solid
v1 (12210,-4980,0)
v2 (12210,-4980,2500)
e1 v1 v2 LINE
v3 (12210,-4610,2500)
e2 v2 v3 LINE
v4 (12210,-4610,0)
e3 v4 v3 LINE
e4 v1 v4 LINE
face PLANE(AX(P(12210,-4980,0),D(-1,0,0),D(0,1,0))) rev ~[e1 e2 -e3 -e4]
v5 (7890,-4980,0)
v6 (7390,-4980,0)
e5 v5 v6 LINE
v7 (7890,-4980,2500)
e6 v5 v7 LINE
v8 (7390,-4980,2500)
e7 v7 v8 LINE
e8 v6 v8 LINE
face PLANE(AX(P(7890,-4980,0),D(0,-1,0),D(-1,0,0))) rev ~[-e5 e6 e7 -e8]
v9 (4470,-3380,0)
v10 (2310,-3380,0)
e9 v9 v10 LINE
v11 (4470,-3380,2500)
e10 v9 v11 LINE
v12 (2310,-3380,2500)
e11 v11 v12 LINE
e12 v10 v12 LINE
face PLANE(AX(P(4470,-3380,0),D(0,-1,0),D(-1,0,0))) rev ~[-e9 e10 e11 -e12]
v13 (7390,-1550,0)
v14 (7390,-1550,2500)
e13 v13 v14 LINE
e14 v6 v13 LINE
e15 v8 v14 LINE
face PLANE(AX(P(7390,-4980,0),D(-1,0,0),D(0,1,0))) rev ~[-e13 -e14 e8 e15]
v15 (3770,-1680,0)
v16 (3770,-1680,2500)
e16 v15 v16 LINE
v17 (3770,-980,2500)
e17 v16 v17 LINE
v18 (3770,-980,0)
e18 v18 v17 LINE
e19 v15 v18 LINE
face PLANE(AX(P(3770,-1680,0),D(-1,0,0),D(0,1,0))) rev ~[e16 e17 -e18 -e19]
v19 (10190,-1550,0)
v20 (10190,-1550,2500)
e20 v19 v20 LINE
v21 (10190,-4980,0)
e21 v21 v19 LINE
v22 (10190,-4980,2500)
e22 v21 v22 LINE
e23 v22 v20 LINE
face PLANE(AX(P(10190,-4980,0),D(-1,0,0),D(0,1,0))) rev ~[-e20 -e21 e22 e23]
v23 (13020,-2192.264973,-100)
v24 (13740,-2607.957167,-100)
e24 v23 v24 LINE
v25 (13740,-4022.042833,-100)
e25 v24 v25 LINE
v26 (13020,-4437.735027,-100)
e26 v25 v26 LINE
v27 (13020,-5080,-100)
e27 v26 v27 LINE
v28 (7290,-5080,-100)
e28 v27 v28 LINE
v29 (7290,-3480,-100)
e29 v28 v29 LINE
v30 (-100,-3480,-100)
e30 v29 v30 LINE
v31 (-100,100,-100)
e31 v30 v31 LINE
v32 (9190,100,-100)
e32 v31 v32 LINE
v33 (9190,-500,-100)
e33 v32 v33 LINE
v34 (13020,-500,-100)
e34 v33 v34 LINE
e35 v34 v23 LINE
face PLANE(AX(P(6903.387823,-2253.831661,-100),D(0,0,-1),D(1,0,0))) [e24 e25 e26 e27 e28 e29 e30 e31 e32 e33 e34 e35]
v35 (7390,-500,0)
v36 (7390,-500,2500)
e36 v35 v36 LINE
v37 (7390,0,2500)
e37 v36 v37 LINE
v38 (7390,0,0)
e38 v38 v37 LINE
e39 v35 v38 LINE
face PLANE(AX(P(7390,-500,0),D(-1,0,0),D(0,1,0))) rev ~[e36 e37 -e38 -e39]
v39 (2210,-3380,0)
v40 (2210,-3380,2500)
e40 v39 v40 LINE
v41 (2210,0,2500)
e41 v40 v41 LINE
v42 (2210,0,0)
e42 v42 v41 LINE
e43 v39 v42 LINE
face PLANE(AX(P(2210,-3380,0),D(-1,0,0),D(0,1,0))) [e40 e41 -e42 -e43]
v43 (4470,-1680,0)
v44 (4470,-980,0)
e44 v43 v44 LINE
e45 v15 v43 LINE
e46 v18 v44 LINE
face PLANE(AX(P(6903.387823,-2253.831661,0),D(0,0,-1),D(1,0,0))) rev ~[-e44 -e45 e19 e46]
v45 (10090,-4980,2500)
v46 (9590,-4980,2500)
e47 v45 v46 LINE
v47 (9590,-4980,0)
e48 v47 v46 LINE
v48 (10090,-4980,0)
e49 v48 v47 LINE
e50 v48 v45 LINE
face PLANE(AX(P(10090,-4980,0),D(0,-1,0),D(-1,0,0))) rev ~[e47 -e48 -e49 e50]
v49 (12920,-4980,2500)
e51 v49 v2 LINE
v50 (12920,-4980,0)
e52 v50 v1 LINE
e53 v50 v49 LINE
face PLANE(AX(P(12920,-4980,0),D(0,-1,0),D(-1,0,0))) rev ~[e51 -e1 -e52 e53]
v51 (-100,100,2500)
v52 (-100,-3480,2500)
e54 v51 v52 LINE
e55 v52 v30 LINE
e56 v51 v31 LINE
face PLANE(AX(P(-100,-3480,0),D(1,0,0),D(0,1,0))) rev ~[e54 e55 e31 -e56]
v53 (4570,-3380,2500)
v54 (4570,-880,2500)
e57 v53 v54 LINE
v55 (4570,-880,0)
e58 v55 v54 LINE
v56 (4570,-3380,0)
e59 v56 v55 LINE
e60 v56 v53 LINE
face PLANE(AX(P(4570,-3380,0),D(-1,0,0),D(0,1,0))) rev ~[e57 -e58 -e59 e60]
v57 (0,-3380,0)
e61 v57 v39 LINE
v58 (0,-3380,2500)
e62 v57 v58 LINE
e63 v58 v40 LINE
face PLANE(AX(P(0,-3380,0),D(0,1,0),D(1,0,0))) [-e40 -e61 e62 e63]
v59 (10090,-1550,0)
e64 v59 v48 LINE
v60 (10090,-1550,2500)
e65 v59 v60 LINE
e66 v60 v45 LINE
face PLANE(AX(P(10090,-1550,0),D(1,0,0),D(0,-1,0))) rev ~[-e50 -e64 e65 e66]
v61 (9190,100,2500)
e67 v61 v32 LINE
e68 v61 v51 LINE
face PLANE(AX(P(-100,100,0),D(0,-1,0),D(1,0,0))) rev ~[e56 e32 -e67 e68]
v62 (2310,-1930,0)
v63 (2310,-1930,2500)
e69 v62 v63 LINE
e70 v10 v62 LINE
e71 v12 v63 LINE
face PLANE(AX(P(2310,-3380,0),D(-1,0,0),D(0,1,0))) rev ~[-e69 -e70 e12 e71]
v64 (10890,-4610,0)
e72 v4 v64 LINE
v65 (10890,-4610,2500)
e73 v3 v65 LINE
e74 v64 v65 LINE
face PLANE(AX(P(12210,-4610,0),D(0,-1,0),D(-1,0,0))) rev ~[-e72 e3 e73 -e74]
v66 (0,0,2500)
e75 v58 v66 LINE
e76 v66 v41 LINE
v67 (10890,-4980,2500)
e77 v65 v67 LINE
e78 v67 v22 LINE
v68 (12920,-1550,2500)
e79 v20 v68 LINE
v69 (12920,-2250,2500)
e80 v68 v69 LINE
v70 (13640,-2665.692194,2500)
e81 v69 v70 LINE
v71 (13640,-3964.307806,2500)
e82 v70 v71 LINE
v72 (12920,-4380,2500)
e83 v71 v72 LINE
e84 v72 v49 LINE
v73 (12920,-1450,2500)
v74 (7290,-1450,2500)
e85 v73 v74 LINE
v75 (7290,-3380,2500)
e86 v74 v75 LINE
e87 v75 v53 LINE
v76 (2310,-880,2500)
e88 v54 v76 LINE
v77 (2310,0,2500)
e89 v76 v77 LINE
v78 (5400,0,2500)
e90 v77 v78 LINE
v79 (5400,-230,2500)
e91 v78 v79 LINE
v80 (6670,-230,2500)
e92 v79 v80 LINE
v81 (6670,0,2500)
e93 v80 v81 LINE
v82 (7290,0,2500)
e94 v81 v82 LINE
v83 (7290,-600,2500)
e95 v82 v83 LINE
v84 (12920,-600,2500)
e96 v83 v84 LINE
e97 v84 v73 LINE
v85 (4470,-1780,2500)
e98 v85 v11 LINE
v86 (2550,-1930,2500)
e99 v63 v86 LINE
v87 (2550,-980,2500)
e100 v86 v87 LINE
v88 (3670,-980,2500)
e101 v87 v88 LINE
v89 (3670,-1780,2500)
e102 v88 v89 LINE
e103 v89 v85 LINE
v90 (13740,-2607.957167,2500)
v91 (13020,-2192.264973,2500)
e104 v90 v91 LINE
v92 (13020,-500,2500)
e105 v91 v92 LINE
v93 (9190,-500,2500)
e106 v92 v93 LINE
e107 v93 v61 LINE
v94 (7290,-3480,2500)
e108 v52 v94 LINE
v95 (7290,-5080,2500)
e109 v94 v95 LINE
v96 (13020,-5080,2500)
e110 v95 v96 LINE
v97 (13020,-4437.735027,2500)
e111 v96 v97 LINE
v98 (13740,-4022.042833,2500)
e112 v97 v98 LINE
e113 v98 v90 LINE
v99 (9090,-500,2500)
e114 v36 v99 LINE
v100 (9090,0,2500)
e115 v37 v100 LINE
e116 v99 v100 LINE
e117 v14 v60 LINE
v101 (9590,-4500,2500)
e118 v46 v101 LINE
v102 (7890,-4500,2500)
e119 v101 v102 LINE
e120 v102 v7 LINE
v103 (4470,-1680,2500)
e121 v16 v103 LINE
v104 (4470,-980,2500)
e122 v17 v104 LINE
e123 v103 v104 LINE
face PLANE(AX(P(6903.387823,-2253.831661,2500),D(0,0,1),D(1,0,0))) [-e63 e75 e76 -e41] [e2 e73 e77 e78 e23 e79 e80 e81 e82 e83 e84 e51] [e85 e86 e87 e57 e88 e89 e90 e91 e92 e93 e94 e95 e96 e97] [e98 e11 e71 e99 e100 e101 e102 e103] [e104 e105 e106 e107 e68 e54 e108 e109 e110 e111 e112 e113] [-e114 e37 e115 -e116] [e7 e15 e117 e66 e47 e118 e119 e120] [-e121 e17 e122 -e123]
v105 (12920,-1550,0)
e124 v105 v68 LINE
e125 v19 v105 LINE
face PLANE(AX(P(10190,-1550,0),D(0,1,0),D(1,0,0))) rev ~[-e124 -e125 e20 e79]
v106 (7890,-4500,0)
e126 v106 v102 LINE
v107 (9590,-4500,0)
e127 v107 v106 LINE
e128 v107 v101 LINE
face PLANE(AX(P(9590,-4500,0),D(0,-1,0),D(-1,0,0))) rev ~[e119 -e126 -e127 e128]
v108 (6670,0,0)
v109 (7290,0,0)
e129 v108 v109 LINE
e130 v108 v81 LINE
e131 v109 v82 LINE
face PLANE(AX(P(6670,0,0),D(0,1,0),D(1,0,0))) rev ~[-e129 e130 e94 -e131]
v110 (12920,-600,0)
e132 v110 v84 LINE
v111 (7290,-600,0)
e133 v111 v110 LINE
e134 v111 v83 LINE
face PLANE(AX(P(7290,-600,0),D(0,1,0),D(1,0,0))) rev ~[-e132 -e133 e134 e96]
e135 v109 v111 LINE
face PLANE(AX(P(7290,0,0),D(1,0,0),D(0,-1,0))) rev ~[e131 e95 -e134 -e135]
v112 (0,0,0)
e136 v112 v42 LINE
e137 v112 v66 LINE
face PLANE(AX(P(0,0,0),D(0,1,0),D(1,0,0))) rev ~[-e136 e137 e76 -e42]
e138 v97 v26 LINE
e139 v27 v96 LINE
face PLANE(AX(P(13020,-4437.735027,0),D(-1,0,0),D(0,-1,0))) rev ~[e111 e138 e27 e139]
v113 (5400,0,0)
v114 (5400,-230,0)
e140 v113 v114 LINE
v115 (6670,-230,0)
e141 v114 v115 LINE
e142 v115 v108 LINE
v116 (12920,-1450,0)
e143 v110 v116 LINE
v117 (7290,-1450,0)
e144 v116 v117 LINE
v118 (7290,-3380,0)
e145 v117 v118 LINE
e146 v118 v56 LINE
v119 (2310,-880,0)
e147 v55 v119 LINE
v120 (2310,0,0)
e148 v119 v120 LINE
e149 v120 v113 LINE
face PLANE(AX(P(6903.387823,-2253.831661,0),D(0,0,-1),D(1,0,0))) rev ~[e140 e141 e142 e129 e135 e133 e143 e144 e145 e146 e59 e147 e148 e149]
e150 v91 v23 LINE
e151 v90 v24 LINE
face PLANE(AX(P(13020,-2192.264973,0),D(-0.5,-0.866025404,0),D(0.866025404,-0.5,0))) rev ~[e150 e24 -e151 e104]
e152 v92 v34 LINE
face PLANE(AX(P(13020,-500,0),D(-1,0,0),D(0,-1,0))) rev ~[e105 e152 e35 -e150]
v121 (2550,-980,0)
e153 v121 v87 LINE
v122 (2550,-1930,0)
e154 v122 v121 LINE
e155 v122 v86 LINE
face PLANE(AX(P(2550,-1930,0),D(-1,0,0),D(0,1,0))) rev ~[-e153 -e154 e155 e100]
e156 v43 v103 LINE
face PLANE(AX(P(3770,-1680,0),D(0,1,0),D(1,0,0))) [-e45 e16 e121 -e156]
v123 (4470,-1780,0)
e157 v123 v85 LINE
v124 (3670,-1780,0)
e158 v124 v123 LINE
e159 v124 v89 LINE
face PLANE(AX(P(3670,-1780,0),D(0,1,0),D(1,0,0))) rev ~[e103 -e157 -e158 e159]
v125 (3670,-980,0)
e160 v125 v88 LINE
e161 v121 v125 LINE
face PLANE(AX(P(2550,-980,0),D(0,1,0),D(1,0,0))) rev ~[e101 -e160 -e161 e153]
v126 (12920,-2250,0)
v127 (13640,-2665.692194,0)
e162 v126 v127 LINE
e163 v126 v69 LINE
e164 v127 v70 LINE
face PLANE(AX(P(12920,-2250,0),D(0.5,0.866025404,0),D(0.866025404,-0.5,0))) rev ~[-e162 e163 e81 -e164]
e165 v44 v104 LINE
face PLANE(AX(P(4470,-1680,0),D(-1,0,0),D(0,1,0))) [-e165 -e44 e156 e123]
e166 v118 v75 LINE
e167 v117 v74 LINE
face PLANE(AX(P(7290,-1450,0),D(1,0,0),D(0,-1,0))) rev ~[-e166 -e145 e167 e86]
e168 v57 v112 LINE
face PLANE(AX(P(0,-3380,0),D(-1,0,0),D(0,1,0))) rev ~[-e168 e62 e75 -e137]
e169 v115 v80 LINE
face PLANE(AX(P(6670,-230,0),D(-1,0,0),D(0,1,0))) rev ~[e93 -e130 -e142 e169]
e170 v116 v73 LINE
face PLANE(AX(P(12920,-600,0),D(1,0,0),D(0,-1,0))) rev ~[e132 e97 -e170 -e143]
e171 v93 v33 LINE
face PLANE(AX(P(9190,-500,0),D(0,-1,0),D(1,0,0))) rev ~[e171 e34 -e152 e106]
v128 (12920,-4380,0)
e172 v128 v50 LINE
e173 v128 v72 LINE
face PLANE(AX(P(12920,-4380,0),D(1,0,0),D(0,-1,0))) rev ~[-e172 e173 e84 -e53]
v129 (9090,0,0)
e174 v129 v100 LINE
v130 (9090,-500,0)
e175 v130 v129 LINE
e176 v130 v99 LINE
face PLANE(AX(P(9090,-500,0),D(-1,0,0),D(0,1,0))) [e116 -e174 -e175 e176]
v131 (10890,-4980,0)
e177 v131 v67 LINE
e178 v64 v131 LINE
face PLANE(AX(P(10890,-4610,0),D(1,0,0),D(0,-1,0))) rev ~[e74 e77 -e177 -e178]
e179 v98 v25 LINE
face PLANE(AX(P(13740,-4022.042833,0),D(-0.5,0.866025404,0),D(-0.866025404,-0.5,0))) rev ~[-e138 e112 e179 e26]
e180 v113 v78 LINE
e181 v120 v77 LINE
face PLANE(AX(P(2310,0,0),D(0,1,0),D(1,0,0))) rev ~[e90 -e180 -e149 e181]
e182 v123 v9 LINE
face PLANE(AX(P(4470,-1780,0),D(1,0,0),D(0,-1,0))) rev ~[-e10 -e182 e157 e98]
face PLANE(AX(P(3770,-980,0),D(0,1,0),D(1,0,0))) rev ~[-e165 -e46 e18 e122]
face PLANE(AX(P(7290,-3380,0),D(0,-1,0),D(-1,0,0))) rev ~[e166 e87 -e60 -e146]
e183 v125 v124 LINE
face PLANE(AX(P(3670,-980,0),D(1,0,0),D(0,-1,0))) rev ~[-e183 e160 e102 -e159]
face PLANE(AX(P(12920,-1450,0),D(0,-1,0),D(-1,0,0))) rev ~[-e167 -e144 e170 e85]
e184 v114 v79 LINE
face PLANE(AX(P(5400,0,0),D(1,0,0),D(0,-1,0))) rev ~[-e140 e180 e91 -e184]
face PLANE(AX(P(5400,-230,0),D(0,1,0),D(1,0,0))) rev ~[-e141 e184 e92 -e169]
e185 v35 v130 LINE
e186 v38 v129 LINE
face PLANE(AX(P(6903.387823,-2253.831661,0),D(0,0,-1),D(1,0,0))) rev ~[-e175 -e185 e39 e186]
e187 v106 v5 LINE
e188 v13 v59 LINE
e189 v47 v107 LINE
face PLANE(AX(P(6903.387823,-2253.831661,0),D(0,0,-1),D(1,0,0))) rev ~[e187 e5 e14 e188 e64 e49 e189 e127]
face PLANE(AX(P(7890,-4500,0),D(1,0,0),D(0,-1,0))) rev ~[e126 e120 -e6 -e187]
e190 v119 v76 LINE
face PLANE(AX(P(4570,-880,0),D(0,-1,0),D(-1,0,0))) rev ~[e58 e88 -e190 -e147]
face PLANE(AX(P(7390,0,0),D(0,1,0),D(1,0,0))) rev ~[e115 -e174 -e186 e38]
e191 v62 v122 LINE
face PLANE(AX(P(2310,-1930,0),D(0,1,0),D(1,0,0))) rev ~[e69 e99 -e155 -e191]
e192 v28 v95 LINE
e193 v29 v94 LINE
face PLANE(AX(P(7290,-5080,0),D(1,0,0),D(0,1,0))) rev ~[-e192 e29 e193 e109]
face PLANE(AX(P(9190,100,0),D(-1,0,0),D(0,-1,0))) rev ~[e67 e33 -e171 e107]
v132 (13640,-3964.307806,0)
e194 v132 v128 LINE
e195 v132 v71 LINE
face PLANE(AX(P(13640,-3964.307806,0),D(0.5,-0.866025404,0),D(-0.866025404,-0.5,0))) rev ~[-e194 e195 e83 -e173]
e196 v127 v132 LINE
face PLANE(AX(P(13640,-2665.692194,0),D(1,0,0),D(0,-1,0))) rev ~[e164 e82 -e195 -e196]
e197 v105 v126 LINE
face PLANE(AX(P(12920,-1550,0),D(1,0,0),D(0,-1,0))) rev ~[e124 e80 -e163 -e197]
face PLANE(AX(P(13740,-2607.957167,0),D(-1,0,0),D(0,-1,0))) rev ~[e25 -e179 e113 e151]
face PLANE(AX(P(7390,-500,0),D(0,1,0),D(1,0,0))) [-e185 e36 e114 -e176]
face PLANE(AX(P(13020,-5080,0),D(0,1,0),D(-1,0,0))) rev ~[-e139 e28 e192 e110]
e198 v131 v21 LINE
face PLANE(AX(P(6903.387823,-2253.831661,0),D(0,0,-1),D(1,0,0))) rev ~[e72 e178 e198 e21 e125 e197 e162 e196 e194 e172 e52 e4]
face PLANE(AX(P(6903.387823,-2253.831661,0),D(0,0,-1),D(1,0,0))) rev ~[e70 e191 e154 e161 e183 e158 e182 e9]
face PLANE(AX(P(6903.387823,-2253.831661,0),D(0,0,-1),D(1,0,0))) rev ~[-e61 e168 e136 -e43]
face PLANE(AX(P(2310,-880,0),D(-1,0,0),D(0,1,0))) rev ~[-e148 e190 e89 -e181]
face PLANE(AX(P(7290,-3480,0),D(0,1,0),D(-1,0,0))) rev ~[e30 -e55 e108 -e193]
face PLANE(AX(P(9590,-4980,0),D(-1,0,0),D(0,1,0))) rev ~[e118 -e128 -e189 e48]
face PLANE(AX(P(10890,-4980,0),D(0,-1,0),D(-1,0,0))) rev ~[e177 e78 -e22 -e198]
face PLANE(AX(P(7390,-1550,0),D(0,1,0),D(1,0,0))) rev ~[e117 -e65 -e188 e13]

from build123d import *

# Parameters (mm, degrees)
F0_W     = 2210
F0_H     = 3380
F0_W_2   = 700
F0_H_2   = 700
F0_W_3   = 1700
F0_H_3   = 500
F1_DEPTH = 2500
F3_DEPTH = 100


with BuildPart() as f1:
    # F0 (on Top) → F1 (new body)
    with BuildSketch(Plane.XY):
        Polygon((7390, 100), (-100, 100), (-100, -3480), (7290, -3480), (7290, -5080), (10190, -5080), (13020, -5080), (13020, -4980), (13020, -4437.735027), (13740, -4022.042833), (13740, -2607.957167), (13020, -2192.264973), (13020, -1550), (13020, -500), (12720, -500), (9190, -500), (9190, 100), align=None)
        Polygon((7390, -4980), (7390, -3480), (7390, -1550), (10090, -1550), (10090, -4980), (9590, -4980), (9590, -4500), (7890, -4500), (7890, -4980), align=None, mode=Mode.SUBTRACT)
        Polygon((10190, -4980), (10190, -1550), (12720, -1550), (12920, -1550), (12920, -2250), (13640, -2665.692194), (13640, -3964.307806), (12920, -4380), (12920, -4980), (12210, -4980), (12210, -4610), (10890, -4610), (10890, -4980), align=None, mode=Mode.SUBTRACT)
        with Locations((1105, -1690)):
            Rectangle(F0_W, F0_H, mode=Mode.SUBTRACT)
        Polygon((4470, -3380), (2310, -3380), (2310, -1930), (2550, -1930), (2550, -980), (3670, -980), (3670, -1780), (4470, -1780), align=None, mode=Mode.SUBTRACT)
        with Locations((4120, -1330)):
            Rectangle(F0_W_2, F0_H_2, mode=Mode.SUBTRACT)
        Polygon((7290, 0), (7290, -600), (7390, -600), (12620, -600), (12920, -600), (12920, -1450), (12620, -1450), (10190, -1450), (7390, -1450), (7290, -1450), (7290, -1550), (7290, -3380), (4570, -3380), (4570, -880), (2310, -880), (2310, 0), (5400, 0), (5400, -230), (6670, -230), (6670, 0), align=None, mode=Mode.SUBTRACT)
        with Locations((8240, -250)):
            Rectangle(F0_W_3, F0_H_3, mode=Mode.SUBTRACT)
    extrude(amount=F1_DEPTH)

    # F2 (on face) → F3 (join)
    with BuildSketch(Plane(origin=(0, 0, 0), x_dir=(1, 0, 0), z_dir=(0, 0, -1))):
        Polygon((7290, 3480), (-100, 3480), (-100, -100), (9190, -100), (9190, 500), (13020, 500), (13020, 2192.264973), (13740, 2607.957167), (13740, 4022.042833), (13020, 4437.735027), (13020, 5080), (7290, 5080), align=None)
    extrude(amount=F3_DEPTH)


solid = f1.part
